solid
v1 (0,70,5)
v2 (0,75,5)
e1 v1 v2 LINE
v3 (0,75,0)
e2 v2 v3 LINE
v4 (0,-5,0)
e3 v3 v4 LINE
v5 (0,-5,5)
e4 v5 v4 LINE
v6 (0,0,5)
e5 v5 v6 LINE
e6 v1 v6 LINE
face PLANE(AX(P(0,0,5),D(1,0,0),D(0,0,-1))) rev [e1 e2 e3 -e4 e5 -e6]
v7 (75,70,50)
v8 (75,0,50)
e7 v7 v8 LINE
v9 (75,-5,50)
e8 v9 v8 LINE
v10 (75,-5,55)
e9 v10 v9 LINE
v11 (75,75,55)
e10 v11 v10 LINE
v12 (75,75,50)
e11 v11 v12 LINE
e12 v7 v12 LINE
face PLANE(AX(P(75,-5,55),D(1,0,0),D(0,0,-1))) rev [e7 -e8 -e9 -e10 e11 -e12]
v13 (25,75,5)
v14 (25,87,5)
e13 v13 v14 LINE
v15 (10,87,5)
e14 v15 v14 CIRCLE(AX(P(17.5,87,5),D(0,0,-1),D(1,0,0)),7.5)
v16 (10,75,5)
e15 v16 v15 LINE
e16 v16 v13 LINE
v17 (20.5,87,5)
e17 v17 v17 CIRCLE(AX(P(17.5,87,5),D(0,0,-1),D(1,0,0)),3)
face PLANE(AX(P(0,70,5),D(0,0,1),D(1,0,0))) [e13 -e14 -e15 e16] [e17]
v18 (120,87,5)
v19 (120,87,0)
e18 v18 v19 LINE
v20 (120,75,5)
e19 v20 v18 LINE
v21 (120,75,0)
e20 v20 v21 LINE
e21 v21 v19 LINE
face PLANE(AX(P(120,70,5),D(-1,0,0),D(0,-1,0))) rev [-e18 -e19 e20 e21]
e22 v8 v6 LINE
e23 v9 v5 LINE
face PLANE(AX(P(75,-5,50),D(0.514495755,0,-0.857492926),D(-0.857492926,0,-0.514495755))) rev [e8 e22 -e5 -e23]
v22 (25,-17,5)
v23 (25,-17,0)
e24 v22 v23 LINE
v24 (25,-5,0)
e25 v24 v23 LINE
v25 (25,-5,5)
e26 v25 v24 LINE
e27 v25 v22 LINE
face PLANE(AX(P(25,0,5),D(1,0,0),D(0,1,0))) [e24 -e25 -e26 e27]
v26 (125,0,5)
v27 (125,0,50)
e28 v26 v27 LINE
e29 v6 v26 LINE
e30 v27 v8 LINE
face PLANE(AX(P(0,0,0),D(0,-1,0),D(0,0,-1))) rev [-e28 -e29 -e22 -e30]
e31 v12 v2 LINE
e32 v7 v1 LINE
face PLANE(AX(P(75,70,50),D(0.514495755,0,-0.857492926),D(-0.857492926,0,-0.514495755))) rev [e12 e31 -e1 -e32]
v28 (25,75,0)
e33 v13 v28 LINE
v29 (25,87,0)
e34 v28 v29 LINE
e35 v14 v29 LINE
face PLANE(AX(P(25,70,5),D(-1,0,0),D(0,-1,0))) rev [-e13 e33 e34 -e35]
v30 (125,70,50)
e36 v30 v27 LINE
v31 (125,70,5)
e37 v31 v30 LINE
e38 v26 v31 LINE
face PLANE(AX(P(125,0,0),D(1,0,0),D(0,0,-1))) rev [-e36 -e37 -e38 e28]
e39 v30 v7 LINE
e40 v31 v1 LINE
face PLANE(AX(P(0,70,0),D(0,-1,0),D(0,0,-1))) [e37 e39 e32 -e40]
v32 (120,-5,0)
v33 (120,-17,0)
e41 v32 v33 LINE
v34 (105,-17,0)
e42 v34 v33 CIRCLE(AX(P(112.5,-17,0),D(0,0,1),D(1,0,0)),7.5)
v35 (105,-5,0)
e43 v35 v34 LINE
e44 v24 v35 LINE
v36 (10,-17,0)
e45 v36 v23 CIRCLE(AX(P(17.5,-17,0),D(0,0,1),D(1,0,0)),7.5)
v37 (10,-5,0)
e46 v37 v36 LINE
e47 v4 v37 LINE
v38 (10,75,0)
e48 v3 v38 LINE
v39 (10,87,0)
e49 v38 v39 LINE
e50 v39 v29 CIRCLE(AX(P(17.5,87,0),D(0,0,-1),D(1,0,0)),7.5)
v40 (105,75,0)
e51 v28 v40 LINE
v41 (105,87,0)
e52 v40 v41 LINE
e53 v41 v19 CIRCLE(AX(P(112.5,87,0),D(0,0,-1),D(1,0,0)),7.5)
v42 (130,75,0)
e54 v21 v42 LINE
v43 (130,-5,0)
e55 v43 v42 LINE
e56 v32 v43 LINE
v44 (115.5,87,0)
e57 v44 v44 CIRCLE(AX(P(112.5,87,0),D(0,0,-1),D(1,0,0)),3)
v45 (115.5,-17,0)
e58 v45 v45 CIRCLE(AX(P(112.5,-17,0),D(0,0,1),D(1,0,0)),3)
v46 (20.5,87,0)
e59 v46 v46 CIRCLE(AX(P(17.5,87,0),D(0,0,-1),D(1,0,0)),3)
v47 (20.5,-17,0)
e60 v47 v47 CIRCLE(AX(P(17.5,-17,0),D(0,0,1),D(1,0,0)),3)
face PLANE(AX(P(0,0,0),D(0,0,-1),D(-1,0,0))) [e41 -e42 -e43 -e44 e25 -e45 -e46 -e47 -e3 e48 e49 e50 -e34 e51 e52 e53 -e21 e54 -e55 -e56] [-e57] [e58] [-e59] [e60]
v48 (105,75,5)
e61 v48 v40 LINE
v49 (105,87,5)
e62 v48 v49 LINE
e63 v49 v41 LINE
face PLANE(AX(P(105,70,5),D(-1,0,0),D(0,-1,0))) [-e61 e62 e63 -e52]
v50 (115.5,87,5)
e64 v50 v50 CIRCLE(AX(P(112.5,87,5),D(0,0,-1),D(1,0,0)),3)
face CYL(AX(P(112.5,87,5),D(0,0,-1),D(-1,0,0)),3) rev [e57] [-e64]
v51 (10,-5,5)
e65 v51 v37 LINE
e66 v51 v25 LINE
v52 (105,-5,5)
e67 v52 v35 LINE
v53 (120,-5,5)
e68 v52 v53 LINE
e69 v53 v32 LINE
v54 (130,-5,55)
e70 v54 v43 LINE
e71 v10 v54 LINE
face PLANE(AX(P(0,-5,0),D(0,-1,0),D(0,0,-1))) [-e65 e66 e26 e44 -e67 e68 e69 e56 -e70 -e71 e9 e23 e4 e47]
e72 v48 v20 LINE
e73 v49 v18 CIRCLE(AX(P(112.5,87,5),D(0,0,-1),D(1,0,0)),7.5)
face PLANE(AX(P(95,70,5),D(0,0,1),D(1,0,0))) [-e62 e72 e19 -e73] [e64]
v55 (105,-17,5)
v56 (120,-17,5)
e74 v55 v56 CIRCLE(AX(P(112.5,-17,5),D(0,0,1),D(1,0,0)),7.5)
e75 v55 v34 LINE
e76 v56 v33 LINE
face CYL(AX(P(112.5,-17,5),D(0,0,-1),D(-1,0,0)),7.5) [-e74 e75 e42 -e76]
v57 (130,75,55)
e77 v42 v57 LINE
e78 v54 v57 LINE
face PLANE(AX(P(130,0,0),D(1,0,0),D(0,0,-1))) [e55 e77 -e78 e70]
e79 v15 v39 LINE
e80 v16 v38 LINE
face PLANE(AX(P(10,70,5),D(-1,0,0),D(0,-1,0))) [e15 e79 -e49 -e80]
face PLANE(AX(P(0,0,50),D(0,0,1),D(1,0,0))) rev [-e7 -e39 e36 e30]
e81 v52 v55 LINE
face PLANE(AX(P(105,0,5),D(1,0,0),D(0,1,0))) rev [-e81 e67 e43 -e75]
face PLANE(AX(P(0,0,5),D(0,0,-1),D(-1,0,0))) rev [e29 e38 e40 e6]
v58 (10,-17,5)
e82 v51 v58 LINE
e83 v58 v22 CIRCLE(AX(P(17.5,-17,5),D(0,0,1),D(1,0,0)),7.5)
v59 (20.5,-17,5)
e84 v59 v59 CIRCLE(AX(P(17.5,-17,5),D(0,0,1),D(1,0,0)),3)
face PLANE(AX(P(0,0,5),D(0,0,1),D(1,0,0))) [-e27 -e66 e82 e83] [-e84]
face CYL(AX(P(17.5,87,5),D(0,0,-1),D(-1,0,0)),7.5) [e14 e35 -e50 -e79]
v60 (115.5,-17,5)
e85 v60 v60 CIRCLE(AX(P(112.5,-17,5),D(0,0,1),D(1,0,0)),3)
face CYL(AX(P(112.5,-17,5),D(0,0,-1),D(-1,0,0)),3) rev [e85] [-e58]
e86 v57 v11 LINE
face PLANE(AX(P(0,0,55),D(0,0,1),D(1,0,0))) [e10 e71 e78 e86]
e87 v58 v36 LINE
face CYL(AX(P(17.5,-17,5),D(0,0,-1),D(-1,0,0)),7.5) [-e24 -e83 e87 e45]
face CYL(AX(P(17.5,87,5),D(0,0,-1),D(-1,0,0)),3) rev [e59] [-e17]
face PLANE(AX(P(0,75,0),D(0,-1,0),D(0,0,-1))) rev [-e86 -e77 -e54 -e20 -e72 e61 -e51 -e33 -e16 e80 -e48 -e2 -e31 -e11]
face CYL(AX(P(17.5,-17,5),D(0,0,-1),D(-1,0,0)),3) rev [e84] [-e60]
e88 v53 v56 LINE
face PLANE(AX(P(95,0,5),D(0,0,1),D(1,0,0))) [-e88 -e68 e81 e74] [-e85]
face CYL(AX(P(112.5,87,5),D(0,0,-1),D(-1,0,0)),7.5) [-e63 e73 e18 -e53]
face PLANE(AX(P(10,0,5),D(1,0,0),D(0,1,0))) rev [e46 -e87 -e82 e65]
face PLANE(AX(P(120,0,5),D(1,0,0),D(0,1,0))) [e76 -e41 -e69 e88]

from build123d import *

# Parameters (mm, degrees)
SKETCH_1_W             = 125
SKETCH_1_H             = 70
EXTRUDE_1_DEPTH        = 5
EXTRUDE_2_DEPTH        = 5
PATTERN_LINEAR_1_COUNT = 2
PATTERN_LINEAR_1_PITCH = 75
SKETCH_4_W             = 50
SKETCH_4_H             = 80
EXTRUDE_3_DEPTH        = 5
SKETCH_5_W             = 55
SKETCH_5_H             = 80
EXTRUDE_4_DEPTH        = 5
EXTRUDE_5_DEPTH        = 5
PATTERN_LINEAR_2_COUNT = 2
PATTERN_LINEAR_2_PITCH = 95
MIRROR_1_COPY_1_DEPTH  = 5


with BuildPart() as part:
    # 草圖1 → 填料-伸長1 (new body)
    with BuildSketch(Plane.XY):
        with Locations((62.5, 35)):
            Rectangle(SKETCH_1_W, SKETCH_1_H)
    extrude(amount=EXTRUDE_1_DEPTH)

    # 草圖2 → 填料-伸長2 (add)
    with BuildSketch(Plane.XZ):
        Polygon((75, 50), (0, 5), (0, 0), (125, 0), (125, 50), align=None)
    extrude_2 = extrude(amount=EXTRUDE_2_DEPTH)

    # 直線複製排列1: 填料-伸長2 ×2
    with Locations(*[(0, i * PATTERN_LINEAR_1_PITCH, 0) for i in range(1, PATTERN_LINEAR_1_COUNT)]):
        add(extrude_2)

    # 草圖4 → 填料-伸長3 (add)
    with BuildSketch(Plane(origin=(125, 0, 0), x_dir=(0, 0, -1), z_dir=(1, 0, 0))):
        with Locations((-25, 35)):
            Rectangle(SKETCH_4_W, SKETCH_4_H)
    extrude(amount=EXTRUDE_3_DEPTH)

    # 草圖5 → 填料-伸長4 (add)
    with BuildSketch(Plane.XY.offset(50)):
        with Locations((102.5, 35)):
            Rectangle(SKETCH_5_W, SKETCH_5_H)
    extrude(amount=EXTRUDE_4_DEPTH)

    # 草圖6 → 填料-伸長5 (add)
    with BuildSketch(Plane.XY):
        with BuildLine():
            Line((25, -5), (10, -5))
            Line((10, -5), (10, -17))
            ThreePointArc((10, -17), (17.5, -9.5), (25, -17))
            Line((25, -17), (25, -5))
        make_face()
        with BuildLine():
            ThreePointArc((25, -17), (17.5, -9.5), (10, -17))
            Line((10, -17), (14.5, -17))
            ThreePointArc((14.5, -17), (17.5, -14), (20.5, -17))
            Line((20.5, -17), (25, -17))
        make_face()
        with BuildLine():
            Line((14.5, -17), (10, -17))
            ThreePointArc((10, -17), (17.5, -24.5), (25, -17))
            Line((25, -17), (20.5, -17))
            ThreePointArc((20.5, -17), (17.5, -20), (14.5, -17))
        make_face()
    extrude_5 = extrude(amount=EXTRUDE_5_DEPTH)

    # 直線複製排列2: 填料-伸長5 ×2
    with Locations(*[(i * PATTERN_LINEAR_2_PITCH, 0, 0) for i in range(1, PATTERN_LINEAR_2_COUNT)]):
        add(extrude_5)

    # 鏡射1: 填料-伸長5 across plane
    add(extrude_5.mirror(Plane.ZX.offset(35)))

    # 鏡射1 copy 1 sketch → 鏡射1 copy 1 (add)
    with BuildSketch(Plane(origin=(95, 70, 0), x_dir=(1, 0, 0), z_dir=(0, 0, 1))):
        with BuildLine():
            Line((25, 5), (10, 5))
            Line((10, 5), (10, 17))
            ThreePointArc((10, 17), (17.5, 9.5), (25, 17))
            Line((25, 17), (25, 5))
        make_face()
        with BuildLine():
            ThreePointArc((25, 17), (17.5, 9.5), (10, 17))
            Line((10, 17), (14.5, 17))
            ThreePointArc((14.5, 17), (17.5, 14), (20.5, 17))
            Line((20.5, 17), (25, 17))
        make_face()
        with BuildLine():
            Line((14.5, 17), (10, 17))
            ThreePointArc((10, 17), (17.5, 24.5), (25, 17))
            Line((25, 17), (20.5, 17))
            ThreePointArc((20.5, 17), (17.5, 20), (14.5, 17))
        make_face()
    extrude(amount=MIRROR_1_COPY_1_DEPTH)


solid = part.part
